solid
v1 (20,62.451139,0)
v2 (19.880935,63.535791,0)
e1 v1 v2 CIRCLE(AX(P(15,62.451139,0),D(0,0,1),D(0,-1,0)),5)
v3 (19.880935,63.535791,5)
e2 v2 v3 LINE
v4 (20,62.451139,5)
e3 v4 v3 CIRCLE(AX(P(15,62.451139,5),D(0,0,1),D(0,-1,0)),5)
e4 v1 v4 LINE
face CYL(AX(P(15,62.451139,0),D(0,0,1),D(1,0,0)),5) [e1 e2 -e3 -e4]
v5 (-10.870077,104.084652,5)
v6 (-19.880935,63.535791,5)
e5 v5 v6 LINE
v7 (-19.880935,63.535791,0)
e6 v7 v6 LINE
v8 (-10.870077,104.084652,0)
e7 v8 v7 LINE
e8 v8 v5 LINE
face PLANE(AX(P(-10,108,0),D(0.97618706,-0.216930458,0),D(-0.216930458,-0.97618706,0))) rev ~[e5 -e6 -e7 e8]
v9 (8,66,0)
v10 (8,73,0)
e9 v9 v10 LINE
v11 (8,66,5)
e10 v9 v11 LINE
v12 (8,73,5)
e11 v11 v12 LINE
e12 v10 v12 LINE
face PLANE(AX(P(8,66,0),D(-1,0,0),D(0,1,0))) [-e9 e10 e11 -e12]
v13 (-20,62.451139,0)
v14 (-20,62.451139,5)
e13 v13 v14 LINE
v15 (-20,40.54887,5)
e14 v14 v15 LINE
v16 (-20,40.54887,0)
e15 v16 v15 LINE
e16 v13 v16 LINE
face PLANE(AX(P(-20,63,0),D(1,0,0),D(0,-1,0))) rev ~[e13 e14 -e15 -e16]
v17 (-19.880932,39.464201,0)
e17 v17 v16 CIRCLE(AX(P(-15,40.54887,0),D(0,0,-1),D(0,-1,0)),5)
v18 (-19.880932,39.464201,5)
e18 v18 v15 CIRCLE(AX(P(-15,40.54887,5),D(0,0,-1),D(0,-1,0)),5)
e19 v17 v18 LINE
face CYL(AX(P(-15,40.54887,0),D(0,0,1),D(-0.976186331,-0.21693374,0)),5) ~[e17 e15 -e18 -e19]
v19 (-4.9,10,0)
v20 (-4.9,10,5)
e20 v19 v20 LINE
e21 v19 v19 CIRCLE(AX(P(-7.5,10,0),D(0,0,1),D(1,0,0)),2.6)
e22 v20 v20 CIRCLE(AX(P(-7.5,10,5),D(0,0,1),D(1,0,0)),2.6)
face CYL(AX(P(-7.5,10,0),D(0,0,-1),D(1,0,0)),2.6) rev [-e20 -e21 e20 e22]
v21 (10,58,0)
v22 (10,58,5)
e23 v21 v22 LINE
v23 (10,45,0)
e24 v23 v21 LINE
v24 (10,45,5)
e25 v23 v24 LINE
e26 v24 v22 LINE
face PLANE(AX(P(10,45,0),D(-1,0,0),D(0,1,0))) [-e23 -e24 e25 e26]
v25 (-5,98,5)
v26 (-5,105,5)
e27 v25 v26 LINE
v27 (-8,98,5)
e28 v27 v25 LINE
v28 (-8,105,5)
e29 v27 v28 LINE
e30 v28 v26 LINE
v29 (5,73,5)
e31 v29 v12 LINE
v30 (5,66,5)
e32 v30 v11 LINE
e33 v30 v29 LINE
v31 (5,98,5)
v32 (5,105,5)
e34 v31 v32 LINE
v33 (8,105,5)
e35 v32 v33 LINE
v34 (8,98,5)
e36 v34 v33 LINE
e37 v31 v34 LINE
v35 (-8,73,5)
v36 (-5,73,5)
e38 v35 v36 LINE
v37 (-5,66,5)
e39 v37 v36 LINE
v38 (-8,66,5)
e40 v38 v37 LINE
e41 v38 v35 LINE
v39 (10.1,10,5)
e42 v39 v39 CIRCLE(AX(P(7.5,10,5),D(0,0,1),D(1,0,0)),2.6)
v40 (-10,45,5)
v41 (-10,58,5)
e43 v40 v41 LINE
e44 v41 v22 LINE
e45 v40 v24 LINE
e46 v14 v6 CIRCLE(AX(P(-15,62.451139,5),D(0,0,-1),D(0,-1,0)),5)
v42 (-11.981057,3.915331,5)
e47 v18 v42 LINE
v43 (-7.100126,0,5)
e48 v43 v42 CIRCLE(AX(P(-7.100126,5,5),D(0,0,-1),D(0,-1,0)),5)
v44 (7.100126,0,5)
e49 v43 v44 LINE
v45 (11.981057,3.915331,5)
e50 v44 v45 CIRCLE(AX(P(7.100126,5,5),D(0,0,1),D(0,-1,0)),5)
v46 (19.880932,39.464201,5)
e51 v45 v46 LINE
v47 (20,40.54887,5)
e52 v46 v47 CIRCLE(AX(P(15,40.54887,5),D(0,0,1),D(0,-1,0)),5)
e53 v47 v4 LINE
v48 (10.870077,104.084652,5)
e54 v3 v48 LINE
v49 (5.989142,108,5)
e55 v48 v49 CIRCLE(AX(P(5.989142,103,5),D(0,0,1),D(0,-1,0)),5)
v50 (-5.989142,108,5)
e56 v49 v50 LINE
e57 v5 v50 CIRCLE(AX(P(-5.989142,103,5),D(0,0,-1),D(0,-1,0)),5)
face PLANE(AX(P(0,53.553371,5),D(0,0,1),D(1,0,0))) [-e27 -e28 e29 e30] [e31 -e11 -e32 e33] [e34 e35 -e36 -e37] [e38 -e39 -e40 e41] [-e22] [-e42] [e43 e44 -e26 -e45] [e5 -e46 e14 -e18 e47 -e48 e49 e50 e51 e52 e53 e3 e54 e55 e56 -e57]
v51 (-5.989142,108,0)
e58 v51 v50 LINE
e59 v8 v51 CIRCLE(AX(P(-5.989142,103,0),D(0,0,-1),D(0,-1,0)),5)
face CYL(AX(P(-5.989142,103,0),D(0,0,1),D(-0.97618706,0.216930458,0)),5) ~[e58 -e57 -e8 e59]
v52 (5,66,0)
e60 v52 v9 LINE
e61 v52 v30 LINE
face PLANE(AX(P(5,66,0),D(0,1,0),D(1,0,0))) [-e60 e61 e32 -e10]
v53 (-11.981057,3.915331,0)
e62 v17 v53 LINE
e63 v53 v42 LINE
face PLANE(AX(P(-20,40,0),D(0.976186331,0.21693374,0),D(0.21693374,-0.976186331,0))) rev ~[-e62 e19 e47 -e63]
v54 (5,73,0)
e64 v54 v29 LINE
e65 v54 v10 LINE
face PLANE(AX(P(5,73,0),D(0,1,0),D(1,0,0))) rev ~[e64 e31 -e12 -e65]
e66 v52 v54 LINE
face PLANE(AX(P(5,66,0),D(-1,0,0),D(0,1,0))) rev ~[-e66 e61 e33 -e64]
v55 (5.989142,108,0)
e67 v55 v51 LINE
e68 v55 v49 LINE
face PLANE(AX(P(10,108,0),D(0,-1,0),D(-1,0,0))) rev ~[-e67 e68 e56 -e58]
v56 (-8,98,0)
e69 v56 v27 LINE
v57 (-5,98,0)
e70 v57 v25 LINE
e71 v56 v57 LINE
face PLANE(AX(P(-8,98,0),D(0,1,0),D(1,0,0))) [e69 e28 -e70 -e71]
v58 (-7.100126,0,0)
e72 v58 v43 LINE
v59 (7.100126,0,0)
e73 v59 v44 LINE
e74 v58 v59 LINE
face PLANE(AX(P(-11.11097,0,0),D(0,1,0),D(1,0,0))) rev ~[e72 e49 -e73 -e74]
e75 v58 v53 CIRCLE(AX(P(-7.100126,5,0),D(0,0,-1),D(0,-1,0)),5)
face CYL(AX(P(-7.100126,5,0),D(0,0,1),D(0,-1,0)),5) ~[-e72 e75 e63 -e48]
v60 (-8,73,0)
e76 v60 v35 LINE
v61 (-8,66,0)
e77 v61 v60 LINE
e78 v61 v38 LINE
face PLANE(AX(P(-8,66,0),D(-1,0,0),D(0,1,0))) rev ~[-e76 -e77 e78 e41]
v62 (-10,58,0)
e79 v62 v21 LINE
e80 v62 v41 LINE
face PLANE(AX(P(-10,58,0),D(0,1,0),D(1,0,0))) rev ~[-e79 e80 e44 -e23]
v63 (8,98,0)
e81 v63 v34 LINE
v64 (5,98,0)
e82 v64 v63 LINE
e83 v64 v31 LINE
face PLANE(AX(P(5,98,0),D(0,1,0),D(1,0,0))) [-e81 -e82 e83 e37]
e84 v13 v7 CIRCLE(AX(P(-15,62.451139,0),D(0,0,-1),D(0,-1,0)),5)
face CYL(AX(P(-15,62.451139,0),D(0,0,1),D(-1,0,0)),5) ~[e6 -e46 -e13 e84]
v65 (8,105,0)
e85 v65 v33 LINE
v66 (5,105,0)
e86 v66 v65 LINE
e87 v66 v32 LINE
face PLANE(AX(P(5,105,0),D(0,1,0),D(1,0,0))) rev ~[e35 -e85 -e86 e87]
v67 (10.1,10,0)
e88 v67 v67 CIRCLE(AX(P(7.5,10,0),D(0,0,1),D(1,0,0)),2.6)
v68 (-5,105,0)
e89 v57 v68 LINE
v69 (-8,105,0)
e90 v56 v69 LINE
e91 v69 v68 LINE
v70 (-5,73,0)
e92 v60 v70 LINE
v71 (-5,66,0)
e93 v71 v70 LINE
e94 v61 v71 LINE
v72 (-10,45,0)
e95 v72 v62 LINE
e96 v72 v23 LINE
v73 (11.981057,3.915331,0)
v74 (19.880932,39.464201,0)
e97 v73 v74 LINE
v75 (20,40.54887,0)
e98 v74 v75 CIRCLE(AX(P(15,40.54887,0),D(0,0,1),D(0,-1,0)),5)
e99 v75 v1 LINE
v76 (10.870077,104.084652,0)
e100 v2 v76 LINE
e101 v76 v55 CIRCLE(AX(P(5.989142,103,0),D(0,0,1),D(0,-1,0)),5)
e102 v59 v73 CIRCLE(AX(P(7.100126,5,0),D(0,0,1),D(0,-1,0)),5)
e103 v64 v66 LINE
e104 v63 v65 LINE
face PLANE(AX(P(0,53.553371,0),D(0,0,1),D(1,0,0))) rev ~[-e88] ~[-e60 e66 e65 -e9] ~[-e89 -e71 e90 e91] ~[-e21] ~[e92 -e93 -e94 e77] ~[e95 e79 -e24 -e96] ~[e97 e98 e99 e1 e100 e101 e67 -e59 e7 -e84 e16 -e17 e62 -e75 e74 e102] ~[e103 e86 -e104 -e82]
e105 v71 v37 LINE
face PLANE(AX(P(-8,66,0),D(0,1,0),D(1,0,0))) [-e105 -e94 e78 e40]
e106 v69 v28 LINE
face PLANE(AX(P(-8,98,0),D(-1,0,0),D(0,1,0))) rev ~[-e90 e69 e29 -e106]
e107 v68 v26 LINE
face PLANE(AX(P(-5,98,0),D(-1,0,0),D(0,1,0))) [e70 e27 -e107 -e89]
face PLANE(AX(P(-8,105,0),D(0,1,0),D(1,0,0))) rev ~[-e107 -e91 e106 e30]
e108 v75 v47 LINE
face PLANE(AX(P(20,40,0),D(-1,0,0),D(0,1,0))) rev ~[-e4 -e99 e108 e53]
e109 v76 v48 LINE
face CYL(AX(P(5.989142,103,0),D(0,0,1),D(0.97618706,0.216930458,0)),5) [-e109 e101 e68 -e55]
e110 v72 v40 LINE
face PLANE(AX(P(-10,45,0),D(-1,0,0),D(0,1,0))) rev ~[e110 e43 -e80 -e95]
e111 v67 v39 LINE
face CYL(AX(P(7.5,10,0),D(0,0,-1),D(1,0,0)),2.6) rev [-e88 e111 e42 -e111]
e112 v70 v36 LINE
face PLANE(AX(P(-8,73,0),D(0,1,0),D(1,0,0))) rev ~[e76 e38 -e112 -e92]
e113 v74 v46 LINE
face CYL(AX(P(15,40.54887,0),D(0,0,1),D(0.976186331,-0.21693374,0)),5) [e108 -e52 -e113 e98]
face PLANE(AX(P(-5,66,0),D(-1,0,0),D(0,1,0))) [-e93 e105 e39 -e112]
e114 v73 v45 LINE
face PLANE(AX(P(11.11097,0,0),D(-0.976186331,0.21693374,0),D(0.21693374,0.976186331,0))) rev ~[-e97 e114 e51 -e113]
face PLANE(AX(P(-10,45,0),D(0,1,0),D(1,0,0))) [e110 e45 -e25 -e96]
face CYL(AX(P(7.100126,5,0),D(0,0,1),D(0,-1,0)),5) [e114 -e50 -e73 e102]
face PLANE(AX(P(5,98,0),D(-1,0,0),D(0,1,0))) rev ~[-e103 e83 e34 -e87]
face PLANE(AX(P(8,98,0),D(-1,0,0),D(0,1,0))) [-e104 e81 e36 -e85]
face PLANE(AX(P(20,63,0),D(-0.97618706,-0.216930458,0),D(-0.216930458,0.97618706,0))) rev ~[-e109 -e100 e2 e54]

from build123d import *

# Parameters (mm, degrees)
SKETCH_R   = 2.6
SKETCH_W   = 3
SKETCH_H   = 7
SKETCH_W_2 = 20
SKETCH_H_2 = 13
PAD_DEPTH  = 5
FILLET_R   = 5


with BuildPart() as part:
    # Sketch → Pad (new body)
    with BuildSketch(Plane.XY):
        Polygon((-11.11097, 0), (11.11097, 0), (20, 40), (20, 63), (10, 108), (-10, 108), (-20, 63), (-20, 40), align=None)
        with Locations((7.5, 10)):
            Circle(SKETCH_R, mode=Mode.SUBTRACT)
        with Locations((-7.5, 10)):
            Circle(SKETCH_R, mode=Mode.SUBTRACT)
        with Locations((-6.5, 101.5)):
            Rectangle(SKETCH_W, SKETCH_H, mode=Mode.SUBTRACT)
        with Locations((6.5, 101.5)):
            Rectangle(SKETCH_W, SKETCH_H, mode=Mode.SUBTRACT)
        with Locations((0, 51.5)):
            Rectangle(SKETCH_W_2, SKETCH_H_2, mode=Mode.SUBTRACT)
        with Locations((-6.5, 69.5)):
            Rectangle(SKETCH_W, SKETCH_H, mode=Mode.SUBTRACT)
        with Locations((6.5, 69.5)):
            Rectangle(SKETCH_W, SKETCH_H, mode=Mode.SUBTRACT)
    extrude(amount=PAD_DEPTH)

    # Fillet
    fillet_edges = [part.edges().sort_by_distance(p)[0] for p in [
        (10, 108, 2.5),
        (-10, 108, 2.5),
        (20, 63, 2.5),
        (20, 40, 2.5),
        (11.11097, 0, 2.5),
        (-11.11097, 0, 2.5),
        (-20, 40, 2.5),
        (-20, 63, 2.5),
    ]]
    fillet(fillet_edges, radius=FILLET_R)


solid = part.part
